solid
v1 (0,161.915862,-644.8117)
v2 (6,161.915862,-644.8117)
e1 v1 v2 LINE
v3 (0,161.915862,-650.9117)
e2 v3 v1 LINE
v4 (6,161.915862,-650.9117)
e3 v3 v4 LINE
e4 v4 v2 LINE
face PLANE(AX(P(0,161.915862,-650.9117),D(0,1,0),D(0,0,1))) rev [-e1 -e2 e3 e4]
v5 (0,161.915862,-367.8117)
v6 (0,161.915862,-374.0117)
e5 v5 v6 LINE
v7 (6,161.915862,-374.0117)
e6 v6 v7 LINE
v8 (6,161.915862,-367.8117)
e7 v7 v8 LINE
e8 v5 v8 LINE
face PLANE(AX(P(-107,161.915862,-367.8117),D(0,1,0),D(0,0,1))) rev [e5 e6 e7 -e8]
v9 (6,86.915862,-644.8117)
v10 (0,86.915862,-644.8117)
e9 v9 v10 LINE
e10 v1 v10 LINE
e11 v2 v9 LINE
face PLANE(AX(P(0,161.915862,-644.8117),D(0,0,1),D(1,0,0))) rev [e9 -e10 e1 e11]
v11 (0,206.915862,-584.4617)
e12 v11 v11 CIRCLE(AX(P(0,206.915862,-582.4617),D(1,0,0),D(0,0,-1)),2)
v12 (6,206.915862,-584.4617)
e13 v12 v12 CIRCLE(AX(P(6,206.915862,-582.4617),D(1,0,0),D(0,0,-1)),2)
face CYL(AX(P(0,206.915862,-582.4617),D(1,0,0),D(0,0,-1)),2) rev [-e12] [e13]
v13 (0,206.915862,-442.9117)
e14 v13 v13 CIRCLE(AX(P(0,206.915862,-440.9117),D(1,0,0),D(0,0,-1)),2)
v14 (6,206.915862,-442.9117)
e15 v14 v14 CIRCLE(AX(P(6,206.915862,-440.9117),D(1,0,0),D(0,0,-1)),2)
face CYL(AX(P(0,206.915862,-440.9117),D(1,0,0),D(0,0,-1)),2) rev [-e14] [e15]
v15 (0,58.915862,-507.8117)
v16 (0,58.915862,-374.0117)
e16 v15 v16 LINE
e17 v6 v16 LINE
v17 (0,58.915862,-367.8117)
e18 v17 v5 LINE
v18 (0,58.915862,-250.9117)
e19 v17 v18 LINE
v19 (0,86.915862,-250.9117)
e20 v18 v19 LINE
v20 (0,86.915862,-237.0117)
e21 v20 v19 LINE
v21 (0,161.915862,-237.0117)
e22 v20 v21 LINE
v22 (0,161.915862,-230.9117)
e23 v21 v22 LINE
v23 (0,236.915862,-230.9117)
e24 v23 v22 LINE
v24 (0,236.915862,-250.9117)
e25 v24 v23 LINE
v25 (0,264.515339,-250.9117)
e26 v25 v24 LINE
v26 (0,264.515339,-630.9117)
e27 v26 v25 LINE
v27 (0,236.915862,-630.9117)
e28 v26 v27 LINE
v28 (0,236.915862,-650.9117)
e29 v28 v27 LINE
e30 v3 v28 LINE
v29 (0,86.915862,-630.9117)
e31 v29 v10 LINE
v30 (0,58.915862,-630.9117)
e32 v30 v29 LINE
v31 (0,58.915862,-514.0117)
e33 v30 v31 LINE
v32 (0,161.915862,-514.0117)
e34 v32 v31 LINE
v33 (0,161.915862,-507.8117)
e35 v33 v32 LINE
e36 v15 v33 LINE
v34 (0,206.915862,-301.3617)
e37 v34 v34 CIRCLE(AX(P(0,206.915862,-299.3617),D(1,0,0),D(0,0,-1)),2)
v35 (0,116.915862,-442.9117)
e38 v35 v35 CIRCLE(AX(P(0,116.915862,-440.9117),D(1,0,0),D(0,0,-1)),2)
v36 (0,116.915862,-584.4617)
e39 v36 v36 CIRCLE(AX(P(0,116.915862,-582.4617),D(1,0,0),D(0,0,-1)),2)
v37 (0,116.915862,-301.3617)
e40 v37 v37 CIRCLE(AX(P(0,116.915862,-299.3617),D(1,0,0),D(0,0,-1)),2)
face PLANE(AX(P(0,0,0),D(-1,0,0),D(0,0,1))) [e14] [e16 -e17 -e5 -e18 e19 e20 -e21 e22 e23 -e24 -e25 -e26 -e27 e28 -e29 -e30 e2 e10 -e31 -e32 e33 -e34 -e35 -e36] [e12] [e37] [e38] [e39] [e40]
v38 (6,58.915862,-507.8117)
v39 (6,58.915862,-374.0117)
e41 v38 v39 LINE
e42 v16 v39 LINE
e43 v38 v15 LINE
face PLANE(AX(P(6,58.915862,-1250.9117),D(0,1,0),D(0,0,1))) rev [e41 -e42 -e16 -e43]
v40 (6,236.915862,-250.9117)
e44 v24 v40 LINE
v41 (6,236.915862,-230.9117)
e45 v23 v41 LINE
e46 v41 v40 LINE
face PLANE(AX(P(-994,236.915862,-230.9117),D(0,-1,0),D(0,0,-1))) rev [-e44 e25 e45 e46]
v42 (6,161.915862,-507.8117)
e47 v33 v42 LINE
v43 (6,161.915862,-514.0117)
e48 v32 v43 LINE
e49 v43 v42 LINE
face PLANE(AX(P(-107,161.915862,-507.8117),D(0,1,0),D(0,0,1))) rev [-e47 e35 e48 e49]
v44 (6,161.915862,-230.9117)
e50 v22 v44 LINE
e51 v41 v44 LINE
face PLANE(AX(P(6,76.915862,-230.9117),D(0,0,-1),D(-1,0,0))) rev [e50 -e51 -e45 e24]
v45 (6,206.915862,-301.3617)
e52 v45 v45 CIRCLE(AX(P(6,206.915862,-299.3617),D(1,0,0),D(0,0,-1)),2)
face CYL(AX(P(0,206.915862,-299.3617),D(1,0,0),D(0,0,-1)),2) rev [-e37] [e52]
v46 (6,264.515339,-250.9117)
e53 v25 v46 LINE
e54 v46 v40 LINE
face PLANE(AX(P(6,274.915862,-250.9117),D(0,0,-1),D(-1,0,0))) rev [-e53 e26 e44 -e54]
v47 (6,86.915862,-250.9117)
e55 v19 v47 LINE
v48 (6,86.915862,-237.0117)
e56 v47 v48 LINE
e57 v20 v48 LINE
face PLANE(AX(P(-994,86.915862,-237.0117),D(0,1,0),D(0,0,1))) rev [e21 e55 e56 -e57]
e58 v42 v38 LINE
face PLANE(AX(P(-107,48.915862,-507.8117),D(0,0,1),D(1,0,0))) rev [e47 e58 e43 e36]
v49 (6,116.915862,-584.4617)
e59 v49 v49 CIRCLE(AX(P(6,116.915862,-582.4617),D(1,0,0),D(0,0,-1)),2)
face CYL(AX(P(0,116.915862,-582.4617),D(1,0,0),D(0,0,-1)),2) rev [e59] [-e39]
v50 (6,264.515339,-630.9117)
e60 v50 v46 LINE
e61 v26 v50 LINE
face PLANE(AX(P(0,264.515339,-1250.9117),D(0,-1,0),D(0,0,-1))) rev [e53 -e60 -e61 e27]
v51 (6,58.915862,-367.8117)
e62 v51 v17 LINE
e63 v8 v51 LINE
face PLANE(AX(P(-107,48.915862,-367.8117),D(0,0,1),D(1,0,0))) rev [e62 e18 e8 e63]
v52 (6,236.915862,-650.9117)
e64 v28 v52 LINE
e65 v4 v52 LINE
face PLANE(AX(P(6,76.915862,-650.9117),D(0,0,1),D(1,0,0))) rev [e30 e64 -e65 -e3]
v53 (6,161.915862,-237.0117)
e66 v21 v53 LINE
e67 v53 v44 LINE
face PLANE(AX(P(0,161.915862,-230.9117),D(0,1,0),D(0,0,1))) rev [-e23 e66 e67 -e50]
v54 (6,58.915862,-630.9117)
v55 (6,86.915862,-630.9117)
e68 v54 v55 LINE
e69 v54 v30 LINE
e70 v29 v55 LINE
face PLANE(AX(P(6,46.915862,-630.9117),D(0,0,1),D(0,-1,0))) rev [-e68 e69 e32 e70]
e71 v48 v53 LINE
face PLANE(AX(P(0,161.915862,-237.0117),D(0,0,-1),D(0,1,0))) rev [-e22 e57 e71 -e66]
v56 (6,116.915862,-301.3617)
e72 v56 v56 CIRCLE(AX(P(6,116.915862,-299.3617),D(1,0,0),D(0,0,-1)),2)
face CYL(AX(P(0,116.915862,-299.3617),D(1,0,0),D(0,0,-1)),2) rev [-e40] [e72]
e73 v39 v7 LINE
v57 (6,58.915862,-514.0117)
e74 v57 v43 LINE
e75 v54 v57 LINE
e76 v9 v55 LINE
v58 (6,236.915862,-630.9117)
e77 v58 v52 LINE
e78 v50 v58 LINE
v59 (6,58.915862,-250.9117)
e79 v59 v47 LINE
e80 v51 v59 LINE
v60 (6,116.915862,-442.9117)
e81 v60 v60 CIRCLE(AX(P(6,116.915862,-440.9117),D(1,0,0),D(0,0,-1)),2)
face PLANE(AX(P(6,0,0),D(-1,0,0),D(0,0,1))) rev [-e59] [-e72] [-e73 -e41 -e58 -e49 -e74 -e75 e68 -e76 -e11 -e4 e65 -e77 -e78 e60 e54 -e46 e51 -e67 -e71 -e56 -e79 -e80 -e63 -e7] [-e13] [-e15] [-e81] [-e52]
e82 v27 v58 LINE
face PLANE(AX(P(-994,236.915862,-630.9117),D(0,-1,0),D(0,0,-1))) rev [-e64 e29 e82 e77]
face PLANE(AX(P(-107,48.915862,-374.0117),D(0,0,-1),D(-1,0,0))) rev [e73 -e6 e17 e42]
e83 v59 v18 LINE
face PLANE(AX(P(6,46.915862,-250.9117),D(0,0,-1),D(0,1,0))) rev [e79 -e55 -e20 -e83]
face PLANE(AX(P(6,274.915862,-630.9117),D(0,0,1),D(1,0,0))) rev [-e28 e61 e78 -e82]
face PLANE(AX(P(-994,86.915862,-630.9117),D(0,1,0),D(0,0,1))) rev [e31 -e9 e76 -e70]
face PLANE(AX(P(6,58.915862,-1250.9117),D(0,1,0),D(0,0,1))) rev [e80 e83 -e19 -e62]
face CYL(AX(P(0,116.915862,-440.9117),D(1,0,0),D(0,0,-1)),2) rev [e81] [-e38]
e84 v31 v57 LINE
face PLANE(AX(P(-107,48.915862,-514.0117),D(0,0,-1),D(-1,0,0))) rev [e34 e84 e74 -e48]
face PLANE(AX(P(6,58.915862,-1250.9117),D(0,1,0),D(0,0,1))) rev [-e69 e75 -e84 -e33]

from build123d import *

# Parameters (mm, degrees)
SKETCH3_W           = 420
SKETCH3_H           = 170
BOSS_EXTRUDE2_DEPTH = 6
SKETCH4_W           = 6.1
SKETCH4_H           = 85
SKETCH4_W_2         = 6.2
CUT_EXTRUDE1_DEPTH  = 6
SKETCH5_R           = 2
CUT_EXTRUDE2_DEPTH  = 6
SKETCH6_W           = 6
SKETCH6_H           = 380
BOSS_EXTRUDE3_DEPTH = 30
SKETCH7_W           = 6
SKETCH7_H           = 380
CUT_EXTRUDE3_DEPTH  = 2
SKETCH8_W           = 6
SKETCH8_H           = 116.9
SKETCH8_H_2         = 133.8
BOSS_EXTRUDE4_DEPTH = 28
SKETCH9_W           = 6
SKETCH9_H           = 6.2
BOSS_EXTRUDE5_DEPTH = 113
SKETCH10_W          = 6
SKETCH10_H          = 6.2
BOSS_EXTRUDE6_DEPTH = 113
SKETCH11_W          = 6.2
SKETCH11_H          = 113
CUT_EXTRUDE4_DEPTH  = 113
SKETCH12_W          = 6
SKETCH12_H          = 10
CUT_EXTRUDE6_DEPTH  = 1000
SKETCH13_W          = 20
SKETCH13_H          = 10
SKETCH13_W_2        = 13.9
CUT_EXTRUDE7_DEPTH  = 1000


with BuildPart() as part:
    # Sketch3 → Boss-Extrude2 (new body)
    with BuildSketch(Plane(origin=(0, 0, 0), x_dir=(0, 0, -1), z_dir=(1, 0, 0))):
        with Locations((440.911700258, 161.915861829)):
            Rectangle(SKETCH3_W, SKETCH3_H)
    extrude(amount=BOSS_EXTRUDE2_DEPTH)

    # Sketch4 → Cut-Extrude1 (cut)
    with BuildSketch(Plane(origin=(6, 0, 0), x_dir=(0, 0, -1), z_dir=(1, 0, 0))):
        with Locations((233.961700258, 119.415861829)):
            Rectangle(SKETCH4_W, SKETCH4_H)
        with Locations((647.861700258, 119.415861829)):
            Rectangle(SKETCH4_W, SKETCH4_H)
        with Locations((370.911700258, 204.415861829)):
            Rectangle(SKETCH4_W_2, SKETCH4_H)
        with Locations((510.911700258, 204.415861829)):
            Rectangle(SKETCH4_W_2, SKETCH4_H)
    extrude(amount=-CUT_EXTRUDE1_DEPTH, mode=Mode.SUBTRACT)

    # Sketch5 → Cut-Extrude2 (cut)
    with BuildSketch(Plane(origin=(6, 0, 0), x_dir=(0, 0, -1), z_dir=(1, 0, 0))):
        with Locations((299.361700258, 206.915861829)):
            Circle(SKETCH5_R)
        with Locations((299.361700258, 116.915861829)):
            Circle(SKETCH5_R)
        with Locations((440.911700258, 206.915861829)):
            Circle(SKETCH5_R)
        with Locations((582.461700258, 206.915861829)):
            Circle(SKETCH5_R)
        with Locations((582.461700258, 116.915861829)):
            Circle(SKETCH5_R)
        with Locations((440.911700258, 116.915861829)):
            Circle(SKETCH5_R)
    extrude(amount=-CUT_EXTRUDE2_DEPTH, mode=Mode.SUBTRACT)

    # Sketch6 → Boss-Extrude3 (add)
    with BuildSketch(Plane.XZ.offset(-76.915861829)):
        with Locations((3, -440.911700258)):
            Rectangle(SKETCH6_W, SKETCH6_H)
    extrude(amount=BOSS_EXTRUDE3_DEPTH)

    # Sketch7 → Cut-Extrude3 (cut)
    with BuildSketch(Plane.XZ.offset(-46.915861829)):
        with Locations((3, -440.911700258)):
            Rectangle(SKETCH7_W, SKETCH7_H)
    extrude(amount=-CUT_EXTRUDE3_DEPTH, mode=Mode.SUBTRACT)

    # Sketch8 → Boss-Extrude4 (add)
    with BuildSketch(Plane(origin=(0, 246.915861829, 0), x_dir=(1, 0, 0), z_dir=(0, 1, 0))):
        with Locations((3, 309.361700258)):
            Rectangle(SKETCH8_W, SKETCH8_H)
        with Locations((3, 572.461700258)):
            Rectangle(SKETCH8_W, SKETCH8_H)
        with Locations((3, 440.911700258)):
            Rectangle(SKETCH8_W, SKETCH8_H_2)
    extrude(amount=BOSS_EXTRUDE4_DEPTH)

    # Sketch9 → Boss-Extrude5 (add)
    with BuildSketch(Plane(origin=(0, 161.915861829, 0), x_dir=(1, 0, 0), z_dir=(0, 1, 0))):
        with Locations((3, 370.911700258)):
            Rectangle(SKETCH9_W, SKETCH9_H)
    extrude(amount=BOSS_EXTRUDE5_DEPTH)

    # Sketch10 → Boss-Extrude6 (add)
    with BuildSketch(Plane(origin=(0, 161.915861829, 0), x_dir=(1, 0, 0), z_dir=(0, 1, 0))):
        with Locations((3, 510.911700258)):
            Rectangle(SKETCH10_W, SKETCH10_H)
    extrude(amount=BOSS_EXTRUDE6_DEPTH)

    # Sketch11 → Cut-Extrude4 (cut)
    with BuildSketch(Plane(origin=(6, 0, 0), x_dir=(0, 0, -1), z_dir=(1, 0, 0))):
        with Locations((370.911700258, 105.415861829)):
            Rectangle(SKETCH11_W, SKETCH11_H)
        with Locations((510.911700258, 105.415861829)):
            Rectangle(SKETCH11_W, SKETCH11_H)
    extrude(amount=-CUT_EXTRUDE4_DEPTH, mode=Mode.SUBTRACT)

    # Sketch12 → Cut-Extrude6 (cut)
    with BuildSketch(Plane.XY.offset(-250.911700258)):
        with Locations((3, 269.515338883)):
            Rectangle(SKETCH12_W, SKETCH12_H)
        with Locations((3, 53.915861829)):
            Rectangle(SKETCH12_W, SKETCH12_H)
    extrude(amount=-CUT_EXTRUDE6_DEPTH, mode=Mode.SUBTRACT)


with BuildPart() as body_2:
    # of the pieces the cut leaves, the one that is kept (cut_extrude6_keep)
    add(part.part.solids().sort_by_distance((0, 76.915861829, -237.011700258))[0])

    # Sketch13 → Cut-Extrude7 (cut)
    with BuildSketch(Plane(origin=(6, 0, 0), x_dir=(0, 0, -1), z_dir=(1, 0, 0))):
        with Locations((240.911700258, 241.915861829)):
            Rectangle(SKETCH13_W, SKETCH13_H)
        with Locations((640.911700258, 241.915861829)):
            Rectangle(SKETCH13_W, SKETCH13_H)
        with Locations((243.961700258, 81.915861829)):
            Rectangle(SKETCH13_W_2, SKETCH13_H)
        with Locations((637.861700258, 81.915861829)):
            Rectangle(SKETCH13_W_2, SKETCH13_H)
    extrude(amount=-CUT_EXTRUDE7_DEPTH, mode=Mode.SUBTRACT)


solid = body_2.part
